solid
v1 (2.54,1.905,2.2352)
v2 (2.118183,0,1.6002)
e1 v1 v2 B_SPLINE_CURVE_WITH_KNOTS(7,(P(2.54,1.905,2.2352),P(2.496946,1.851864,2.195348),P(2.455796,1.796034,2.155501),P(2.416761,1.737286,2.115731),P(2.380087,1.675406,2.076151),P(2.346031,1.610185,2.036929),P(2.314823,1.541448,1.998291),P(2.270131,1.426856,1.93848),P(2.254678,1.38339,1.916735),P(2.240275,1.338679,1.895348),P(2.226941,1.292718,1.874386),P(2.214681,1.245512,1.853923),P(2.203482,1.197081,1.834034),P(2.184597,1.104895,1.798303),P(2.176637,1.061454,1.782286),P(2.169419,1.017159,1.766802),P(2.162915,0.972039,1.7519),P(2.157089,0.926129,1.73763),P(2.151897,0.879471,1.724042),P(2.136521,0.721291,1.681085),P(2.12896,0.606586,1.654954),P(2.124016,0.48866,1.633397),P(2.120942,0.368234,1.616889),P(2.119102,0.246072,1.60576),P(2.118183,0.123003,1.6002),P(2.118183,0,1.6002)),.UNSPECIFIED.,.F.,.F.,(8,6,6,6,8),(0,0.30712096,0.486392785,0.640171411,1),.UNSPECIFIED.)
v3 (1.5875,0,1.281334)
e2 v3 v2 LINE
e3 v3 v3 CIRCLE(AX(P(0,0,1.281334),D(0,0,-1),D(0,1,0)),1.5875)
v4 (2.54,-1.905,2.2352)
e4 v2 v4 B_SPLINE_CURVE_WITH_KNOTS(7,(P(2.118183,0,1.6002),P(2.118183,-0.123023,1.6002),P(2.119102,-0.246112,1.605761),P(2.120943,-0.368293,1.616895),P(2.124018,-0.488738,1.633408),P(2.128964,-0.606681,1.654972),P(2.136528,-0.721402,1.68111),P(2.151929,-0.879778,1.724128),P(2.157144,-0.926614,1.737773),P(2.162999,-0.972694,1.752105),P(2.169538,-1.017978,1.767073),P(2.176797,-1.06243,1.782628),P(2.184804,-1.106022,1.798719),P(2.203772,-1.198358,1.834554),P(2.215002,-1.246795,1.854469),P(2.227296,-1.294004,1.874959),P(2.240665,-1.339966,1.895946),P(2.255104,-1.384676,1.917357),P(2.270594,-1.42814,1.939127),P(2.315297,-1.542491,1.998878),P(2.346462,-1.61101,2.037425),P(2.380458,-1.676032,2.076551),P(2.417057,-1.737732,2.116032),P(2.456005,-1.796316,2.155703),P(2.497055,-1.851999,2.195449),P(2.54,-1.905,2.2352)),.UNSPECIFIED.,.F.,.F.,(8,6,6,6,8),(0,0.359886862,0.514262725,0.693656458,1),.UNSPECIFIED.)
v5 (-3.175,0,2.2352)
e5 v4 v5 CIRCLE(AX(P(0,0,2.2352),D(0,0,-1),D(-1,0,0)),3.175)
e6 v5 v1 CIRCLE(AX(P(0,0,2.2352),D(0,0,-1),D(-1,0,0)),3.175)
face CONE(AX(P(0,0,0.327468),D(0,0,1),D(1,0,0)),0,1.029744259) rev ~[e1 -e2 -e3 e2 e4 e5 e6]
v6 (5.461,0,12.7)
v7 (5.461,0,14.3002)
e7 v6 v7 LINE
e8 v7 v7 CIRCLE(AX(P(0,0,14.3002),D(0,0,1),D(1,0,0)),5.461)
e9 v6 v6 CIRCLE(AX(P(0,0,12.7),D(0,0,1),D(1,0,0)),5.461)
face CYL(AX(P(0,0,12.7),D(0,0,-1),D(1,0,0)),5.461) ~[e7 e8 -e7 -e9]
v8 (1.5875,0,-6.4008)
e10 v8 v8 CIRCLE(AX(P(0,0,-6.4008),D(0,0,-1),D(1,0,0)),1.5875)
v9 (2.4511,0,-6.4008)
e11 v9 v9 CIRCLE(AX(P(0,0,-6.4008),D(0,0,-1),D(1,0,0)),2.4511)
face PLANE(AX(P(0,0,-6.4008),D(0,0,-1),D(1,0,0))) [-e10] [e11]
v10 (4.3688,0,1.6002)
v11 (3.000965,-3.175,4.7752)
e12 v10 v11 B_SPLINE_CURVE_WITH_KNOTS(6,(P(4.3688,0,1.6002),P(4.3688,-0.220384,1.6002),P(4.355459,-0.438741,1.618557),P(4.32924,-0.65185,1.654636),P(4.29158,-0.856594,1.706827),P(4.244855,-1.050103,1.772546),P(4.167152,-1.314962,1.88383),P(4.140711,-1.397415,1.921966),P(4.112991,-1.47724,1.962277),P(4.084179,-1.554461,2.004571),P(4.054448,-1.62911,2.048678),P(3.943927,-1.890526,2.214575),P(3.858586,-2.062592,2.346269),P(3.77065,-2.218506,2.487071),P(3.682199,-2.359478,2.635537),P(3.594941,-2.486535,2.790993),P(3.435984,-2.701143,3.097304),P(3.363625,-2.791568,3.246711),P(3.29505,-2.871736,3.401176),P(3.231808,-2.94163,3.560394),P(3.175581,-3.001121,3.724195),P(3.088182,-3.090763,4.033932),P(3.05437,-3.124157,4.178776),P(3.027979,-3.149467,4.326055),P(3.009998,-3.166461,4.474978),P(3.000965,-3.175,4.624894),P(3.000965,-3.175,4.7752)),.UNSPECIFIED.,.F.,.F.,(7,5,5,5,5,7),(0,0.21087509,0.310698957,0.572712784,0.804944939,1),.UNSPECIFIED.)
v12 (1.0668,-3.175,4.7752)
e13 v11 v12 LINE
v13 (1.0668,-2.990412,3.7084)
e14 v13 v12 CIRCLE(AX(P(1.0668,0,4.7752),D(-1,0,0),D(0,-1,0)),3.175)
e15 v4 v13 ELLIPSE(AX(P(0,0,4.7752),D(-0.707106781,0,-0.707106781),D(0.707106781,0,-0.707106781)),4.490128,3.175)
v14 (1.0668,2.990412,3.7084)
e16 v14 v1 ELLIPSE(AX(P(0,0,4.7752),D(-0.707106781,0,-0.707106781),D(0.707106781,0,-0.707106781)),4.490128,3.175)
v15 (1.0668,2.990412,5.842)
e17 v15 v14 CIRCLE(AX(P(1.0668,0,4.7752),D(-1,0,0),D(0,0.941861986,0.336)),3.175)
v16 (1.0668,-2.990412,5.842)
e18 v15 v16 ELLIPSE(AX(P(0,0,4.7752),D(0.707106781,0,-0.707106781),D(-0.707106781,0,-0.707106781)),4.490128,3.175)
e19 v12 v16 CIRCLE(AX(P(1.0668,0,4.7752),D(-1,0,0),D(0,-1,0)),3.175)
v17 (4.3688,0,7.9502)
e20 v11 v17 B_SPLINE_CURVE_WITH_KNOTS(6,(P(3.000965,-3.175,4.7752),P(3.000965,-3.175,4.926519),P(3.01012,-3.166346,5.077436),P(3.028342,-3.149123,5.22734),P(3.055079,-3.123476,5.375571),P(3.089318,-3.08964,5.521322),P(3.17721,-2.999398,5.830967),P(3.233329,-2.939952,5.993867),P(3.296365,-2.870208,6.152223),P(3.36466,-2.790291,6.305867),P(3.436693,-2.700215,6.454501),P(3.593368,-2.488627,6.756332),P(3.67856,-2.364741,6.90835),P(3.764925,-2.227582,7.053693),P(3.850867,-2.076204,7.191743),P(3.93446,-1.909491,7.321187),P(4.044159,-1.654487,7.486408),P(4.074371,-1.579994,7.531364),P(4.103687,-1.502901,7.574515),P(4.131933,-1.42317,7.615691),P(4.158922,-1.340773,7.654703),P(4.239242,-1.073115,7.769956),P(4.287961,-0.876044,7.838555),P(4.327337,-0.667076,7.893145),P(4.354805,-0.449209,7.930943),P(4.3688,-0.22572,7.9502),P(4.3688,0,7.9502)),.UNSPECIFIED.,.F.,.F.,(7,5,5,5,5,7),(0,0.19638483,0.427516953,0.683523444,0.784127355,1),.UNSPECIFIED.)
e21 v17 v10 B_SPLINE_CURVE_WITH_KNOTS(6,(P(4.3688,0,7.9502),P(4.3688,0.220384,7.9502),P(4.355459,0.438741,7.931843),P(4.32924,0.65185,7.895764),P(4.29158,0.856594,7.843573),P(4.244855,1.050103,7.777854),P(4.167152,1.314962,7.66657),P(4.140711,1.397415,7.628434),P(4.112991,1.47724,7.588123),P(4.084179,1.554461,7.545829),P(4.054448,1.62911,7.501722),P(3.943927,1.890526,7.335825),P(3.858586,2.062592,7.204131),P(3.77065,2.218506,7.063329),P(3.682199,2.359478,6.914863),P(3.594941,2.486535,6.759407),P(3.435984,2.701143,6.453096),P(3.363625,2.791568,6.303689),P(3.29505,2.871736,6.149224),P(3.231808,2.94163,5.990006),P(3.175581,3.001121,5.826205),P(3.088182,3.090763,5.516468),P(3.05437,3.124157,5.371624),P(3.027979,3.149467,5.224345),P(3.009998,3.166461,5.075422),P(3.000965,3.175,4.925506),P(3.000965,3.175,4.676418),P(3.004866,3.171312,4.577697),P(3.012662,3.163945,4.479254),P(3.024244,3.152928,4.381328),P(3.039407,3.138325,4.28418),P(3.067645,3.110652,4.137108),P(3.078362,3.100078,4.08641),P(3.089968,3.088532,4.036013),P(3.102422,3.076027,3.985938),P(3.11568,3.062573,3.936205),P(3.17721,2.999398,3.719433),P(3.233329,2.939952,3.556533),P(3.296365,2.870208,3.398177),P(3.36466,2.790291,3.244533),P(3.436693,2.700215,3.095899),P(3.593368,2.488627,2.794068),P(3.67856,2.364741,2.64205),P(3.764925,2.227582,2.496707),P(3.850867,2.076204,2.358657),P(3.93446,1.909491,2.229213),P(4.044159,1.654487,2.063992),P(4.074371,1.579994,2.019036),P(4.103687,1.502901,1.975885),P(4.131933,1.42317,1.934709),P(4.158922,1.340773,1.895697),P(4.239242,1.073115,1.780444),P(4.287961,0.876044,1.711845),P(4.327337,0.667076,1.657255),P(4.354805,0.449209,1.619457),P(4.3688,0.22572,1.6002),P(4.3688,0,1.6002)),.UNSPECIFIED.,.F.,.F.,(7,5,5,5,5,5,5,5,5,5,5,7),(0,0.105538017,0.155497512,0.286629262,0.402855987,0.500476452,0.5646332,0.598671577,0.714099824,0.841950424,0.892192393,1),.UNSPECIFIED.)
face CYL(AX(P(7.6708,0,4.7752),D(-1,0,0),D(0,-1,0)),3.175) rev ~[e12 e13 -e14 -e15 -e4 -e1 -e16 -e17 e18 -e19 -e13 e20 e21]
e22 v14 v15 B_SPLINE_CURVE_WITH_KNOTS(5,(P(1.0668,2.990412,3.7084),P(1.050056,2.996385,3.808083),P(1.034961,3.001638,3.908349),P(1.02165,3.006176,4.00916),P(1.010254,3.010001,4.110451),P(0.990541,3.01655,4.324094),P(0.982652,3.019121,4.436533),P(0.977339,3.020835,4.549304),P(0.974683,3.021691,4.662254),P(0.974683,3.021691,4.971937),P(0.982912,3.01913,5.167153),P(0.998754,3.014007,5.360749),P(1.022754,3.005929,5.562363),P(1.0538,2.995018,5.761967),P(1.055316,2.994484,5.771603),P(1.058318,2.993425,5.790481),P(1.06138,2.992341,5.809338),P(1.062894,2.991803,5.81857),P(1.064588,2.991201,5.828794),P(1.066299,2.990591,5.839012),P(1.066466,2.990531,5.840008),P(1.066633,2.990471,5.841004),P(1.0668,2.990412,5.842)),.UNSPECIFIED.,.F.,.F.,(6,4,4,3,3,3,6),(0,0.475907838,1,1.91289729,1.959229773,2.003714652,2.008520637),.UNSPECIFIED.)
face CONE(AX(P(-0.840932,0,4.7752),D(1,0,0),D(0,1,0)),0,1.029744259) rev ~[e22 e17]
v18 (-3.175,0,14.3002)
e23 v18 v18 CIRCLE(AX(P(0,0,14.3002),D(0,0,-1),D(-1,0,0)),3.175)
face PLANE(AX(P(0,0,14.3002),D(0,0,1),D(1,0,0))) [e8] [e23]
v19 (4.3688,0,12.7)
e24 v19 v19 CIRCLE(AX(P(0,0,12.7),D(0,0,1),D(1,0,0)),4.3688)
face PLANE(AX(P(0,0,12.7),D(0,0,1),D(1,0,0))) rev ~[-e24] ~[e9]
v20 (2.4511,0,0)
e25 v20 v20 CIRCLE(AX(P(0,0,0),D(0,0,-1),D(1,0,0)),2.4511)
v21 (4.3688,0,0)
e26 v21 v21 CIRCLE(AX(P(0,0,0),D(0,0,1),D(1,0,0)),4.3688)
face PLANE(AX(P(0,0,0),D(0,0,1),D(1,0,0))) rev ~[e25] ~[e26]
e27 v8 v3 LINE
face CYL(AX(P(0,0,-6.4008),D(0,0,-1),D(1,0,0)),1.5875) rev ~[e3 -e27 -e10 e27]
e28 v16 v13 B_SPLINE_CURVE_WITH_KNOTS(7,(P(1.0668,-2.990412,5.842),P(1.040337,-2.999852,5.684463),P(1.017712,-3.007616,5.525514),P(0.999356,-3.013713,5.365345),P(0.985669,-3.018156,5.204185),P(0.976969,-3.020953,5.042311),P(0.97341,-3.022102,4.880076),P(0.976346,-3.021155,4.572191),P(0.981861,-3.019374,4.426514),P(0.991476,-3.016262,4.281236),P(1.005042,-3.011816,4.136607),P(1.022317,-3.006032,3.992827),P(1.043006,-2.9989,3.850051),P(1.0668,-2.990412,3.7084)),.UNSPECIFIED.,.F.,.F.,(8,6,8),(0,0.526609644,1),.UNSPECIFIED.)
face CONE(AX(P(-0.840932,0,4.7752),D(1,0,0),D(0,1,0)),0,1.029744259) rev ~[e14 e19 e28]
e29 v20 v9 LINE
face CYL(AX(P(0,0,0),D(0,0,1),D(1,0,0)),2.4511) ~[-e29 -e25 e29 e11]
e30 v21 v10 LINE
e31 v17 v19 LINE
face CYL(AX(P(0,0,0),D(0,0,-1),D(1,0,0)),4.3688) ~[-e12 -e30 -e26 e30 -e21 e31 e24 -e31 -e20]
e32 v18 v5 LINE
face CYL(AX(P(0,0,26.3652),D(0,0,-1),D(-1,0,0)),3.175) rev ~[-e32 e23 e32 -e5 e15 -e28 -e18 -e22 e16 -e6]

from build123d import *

# Parameters (mm, degrees)
F0_R      = 4.3688
F1_DEPTH  = 12.7
F2_R      = 5.461
F2_R_2    = 4.3688
F3_DEPTH  = 1.6002
F5_D      = 6.35
F5_DEPTH  = 12.065
F5_TIP    = 1.9077324654
F6_R      = 2.4511
F7_DEPTH  = 6.4008
F8_R      = 1.5875
F9_DEPTH  = 20.702
F12_D     = 6.35
F12_DEPTH = 3.302
F12_TIP   = 1.9077324654


with BuildPart() as f1:
    # F0 (on Top) → F1 (new body)
    with BuildSketch(Plane.XY):
        Circle(F0_R)
    extrude(amount=F1_DEPTH)

    # F2 (on face) → F3 (join)
    with BuildSketch(Plane.XY.offset(12.7)):
        Circle(F2_R)
        Circle(F2_R_2, mode=Mode.SUBTRACT)
        Circle(F2_R_2)
    extrude(amount=F3_DEPTH)

    # F5
    with Locations(Plane.XY.offset(14.3002)):
        with Locations((0, 0)):
            Hole(F5_D / 2, depth=F5_DEPTH)
            with Locations((0, 0, -(F5_DEPTH + F5_TIP / 2))):  # 118° drill point
                Cone(0, F5_D / 2, F5_TIP, mode=Mode.SUBTRACT)

    # F6 (on face) → F7 (join)
    with BuildSketch(Plane(origin=(0, 0, 0), x_dir=(1, 0, 0), z_dir=(0, 0, -1))):
        Circle(F6_R)
    extrude(amount=F7_DEPTH)

    # F8 (on face) → F9 (cut, through all)
    with BuildSketch(Plane(origin=(0, 0, -6.4008), x_dir=(1, 0, 0), z_dir=(0, 0, -1))):
        Circle(F8_R)
    extrude(amount=-F9_DEPTH, mode=Mode.SUBTRACT)

    # F12
    with Locations(Plane.YZ.offset(4.3688)):
        with Locations((0, 4.7752)):
            Hole(F12_D / 2, depth=F12_DEPTH)
            with Locations((0, 0, -(F12_DEPTH + F12_TIP / 2))):  # 118° drill point
                Cone(0, F12_D / 2, F12_TIP, mode=Mode.SUBTRACT)


solid = f1.part
